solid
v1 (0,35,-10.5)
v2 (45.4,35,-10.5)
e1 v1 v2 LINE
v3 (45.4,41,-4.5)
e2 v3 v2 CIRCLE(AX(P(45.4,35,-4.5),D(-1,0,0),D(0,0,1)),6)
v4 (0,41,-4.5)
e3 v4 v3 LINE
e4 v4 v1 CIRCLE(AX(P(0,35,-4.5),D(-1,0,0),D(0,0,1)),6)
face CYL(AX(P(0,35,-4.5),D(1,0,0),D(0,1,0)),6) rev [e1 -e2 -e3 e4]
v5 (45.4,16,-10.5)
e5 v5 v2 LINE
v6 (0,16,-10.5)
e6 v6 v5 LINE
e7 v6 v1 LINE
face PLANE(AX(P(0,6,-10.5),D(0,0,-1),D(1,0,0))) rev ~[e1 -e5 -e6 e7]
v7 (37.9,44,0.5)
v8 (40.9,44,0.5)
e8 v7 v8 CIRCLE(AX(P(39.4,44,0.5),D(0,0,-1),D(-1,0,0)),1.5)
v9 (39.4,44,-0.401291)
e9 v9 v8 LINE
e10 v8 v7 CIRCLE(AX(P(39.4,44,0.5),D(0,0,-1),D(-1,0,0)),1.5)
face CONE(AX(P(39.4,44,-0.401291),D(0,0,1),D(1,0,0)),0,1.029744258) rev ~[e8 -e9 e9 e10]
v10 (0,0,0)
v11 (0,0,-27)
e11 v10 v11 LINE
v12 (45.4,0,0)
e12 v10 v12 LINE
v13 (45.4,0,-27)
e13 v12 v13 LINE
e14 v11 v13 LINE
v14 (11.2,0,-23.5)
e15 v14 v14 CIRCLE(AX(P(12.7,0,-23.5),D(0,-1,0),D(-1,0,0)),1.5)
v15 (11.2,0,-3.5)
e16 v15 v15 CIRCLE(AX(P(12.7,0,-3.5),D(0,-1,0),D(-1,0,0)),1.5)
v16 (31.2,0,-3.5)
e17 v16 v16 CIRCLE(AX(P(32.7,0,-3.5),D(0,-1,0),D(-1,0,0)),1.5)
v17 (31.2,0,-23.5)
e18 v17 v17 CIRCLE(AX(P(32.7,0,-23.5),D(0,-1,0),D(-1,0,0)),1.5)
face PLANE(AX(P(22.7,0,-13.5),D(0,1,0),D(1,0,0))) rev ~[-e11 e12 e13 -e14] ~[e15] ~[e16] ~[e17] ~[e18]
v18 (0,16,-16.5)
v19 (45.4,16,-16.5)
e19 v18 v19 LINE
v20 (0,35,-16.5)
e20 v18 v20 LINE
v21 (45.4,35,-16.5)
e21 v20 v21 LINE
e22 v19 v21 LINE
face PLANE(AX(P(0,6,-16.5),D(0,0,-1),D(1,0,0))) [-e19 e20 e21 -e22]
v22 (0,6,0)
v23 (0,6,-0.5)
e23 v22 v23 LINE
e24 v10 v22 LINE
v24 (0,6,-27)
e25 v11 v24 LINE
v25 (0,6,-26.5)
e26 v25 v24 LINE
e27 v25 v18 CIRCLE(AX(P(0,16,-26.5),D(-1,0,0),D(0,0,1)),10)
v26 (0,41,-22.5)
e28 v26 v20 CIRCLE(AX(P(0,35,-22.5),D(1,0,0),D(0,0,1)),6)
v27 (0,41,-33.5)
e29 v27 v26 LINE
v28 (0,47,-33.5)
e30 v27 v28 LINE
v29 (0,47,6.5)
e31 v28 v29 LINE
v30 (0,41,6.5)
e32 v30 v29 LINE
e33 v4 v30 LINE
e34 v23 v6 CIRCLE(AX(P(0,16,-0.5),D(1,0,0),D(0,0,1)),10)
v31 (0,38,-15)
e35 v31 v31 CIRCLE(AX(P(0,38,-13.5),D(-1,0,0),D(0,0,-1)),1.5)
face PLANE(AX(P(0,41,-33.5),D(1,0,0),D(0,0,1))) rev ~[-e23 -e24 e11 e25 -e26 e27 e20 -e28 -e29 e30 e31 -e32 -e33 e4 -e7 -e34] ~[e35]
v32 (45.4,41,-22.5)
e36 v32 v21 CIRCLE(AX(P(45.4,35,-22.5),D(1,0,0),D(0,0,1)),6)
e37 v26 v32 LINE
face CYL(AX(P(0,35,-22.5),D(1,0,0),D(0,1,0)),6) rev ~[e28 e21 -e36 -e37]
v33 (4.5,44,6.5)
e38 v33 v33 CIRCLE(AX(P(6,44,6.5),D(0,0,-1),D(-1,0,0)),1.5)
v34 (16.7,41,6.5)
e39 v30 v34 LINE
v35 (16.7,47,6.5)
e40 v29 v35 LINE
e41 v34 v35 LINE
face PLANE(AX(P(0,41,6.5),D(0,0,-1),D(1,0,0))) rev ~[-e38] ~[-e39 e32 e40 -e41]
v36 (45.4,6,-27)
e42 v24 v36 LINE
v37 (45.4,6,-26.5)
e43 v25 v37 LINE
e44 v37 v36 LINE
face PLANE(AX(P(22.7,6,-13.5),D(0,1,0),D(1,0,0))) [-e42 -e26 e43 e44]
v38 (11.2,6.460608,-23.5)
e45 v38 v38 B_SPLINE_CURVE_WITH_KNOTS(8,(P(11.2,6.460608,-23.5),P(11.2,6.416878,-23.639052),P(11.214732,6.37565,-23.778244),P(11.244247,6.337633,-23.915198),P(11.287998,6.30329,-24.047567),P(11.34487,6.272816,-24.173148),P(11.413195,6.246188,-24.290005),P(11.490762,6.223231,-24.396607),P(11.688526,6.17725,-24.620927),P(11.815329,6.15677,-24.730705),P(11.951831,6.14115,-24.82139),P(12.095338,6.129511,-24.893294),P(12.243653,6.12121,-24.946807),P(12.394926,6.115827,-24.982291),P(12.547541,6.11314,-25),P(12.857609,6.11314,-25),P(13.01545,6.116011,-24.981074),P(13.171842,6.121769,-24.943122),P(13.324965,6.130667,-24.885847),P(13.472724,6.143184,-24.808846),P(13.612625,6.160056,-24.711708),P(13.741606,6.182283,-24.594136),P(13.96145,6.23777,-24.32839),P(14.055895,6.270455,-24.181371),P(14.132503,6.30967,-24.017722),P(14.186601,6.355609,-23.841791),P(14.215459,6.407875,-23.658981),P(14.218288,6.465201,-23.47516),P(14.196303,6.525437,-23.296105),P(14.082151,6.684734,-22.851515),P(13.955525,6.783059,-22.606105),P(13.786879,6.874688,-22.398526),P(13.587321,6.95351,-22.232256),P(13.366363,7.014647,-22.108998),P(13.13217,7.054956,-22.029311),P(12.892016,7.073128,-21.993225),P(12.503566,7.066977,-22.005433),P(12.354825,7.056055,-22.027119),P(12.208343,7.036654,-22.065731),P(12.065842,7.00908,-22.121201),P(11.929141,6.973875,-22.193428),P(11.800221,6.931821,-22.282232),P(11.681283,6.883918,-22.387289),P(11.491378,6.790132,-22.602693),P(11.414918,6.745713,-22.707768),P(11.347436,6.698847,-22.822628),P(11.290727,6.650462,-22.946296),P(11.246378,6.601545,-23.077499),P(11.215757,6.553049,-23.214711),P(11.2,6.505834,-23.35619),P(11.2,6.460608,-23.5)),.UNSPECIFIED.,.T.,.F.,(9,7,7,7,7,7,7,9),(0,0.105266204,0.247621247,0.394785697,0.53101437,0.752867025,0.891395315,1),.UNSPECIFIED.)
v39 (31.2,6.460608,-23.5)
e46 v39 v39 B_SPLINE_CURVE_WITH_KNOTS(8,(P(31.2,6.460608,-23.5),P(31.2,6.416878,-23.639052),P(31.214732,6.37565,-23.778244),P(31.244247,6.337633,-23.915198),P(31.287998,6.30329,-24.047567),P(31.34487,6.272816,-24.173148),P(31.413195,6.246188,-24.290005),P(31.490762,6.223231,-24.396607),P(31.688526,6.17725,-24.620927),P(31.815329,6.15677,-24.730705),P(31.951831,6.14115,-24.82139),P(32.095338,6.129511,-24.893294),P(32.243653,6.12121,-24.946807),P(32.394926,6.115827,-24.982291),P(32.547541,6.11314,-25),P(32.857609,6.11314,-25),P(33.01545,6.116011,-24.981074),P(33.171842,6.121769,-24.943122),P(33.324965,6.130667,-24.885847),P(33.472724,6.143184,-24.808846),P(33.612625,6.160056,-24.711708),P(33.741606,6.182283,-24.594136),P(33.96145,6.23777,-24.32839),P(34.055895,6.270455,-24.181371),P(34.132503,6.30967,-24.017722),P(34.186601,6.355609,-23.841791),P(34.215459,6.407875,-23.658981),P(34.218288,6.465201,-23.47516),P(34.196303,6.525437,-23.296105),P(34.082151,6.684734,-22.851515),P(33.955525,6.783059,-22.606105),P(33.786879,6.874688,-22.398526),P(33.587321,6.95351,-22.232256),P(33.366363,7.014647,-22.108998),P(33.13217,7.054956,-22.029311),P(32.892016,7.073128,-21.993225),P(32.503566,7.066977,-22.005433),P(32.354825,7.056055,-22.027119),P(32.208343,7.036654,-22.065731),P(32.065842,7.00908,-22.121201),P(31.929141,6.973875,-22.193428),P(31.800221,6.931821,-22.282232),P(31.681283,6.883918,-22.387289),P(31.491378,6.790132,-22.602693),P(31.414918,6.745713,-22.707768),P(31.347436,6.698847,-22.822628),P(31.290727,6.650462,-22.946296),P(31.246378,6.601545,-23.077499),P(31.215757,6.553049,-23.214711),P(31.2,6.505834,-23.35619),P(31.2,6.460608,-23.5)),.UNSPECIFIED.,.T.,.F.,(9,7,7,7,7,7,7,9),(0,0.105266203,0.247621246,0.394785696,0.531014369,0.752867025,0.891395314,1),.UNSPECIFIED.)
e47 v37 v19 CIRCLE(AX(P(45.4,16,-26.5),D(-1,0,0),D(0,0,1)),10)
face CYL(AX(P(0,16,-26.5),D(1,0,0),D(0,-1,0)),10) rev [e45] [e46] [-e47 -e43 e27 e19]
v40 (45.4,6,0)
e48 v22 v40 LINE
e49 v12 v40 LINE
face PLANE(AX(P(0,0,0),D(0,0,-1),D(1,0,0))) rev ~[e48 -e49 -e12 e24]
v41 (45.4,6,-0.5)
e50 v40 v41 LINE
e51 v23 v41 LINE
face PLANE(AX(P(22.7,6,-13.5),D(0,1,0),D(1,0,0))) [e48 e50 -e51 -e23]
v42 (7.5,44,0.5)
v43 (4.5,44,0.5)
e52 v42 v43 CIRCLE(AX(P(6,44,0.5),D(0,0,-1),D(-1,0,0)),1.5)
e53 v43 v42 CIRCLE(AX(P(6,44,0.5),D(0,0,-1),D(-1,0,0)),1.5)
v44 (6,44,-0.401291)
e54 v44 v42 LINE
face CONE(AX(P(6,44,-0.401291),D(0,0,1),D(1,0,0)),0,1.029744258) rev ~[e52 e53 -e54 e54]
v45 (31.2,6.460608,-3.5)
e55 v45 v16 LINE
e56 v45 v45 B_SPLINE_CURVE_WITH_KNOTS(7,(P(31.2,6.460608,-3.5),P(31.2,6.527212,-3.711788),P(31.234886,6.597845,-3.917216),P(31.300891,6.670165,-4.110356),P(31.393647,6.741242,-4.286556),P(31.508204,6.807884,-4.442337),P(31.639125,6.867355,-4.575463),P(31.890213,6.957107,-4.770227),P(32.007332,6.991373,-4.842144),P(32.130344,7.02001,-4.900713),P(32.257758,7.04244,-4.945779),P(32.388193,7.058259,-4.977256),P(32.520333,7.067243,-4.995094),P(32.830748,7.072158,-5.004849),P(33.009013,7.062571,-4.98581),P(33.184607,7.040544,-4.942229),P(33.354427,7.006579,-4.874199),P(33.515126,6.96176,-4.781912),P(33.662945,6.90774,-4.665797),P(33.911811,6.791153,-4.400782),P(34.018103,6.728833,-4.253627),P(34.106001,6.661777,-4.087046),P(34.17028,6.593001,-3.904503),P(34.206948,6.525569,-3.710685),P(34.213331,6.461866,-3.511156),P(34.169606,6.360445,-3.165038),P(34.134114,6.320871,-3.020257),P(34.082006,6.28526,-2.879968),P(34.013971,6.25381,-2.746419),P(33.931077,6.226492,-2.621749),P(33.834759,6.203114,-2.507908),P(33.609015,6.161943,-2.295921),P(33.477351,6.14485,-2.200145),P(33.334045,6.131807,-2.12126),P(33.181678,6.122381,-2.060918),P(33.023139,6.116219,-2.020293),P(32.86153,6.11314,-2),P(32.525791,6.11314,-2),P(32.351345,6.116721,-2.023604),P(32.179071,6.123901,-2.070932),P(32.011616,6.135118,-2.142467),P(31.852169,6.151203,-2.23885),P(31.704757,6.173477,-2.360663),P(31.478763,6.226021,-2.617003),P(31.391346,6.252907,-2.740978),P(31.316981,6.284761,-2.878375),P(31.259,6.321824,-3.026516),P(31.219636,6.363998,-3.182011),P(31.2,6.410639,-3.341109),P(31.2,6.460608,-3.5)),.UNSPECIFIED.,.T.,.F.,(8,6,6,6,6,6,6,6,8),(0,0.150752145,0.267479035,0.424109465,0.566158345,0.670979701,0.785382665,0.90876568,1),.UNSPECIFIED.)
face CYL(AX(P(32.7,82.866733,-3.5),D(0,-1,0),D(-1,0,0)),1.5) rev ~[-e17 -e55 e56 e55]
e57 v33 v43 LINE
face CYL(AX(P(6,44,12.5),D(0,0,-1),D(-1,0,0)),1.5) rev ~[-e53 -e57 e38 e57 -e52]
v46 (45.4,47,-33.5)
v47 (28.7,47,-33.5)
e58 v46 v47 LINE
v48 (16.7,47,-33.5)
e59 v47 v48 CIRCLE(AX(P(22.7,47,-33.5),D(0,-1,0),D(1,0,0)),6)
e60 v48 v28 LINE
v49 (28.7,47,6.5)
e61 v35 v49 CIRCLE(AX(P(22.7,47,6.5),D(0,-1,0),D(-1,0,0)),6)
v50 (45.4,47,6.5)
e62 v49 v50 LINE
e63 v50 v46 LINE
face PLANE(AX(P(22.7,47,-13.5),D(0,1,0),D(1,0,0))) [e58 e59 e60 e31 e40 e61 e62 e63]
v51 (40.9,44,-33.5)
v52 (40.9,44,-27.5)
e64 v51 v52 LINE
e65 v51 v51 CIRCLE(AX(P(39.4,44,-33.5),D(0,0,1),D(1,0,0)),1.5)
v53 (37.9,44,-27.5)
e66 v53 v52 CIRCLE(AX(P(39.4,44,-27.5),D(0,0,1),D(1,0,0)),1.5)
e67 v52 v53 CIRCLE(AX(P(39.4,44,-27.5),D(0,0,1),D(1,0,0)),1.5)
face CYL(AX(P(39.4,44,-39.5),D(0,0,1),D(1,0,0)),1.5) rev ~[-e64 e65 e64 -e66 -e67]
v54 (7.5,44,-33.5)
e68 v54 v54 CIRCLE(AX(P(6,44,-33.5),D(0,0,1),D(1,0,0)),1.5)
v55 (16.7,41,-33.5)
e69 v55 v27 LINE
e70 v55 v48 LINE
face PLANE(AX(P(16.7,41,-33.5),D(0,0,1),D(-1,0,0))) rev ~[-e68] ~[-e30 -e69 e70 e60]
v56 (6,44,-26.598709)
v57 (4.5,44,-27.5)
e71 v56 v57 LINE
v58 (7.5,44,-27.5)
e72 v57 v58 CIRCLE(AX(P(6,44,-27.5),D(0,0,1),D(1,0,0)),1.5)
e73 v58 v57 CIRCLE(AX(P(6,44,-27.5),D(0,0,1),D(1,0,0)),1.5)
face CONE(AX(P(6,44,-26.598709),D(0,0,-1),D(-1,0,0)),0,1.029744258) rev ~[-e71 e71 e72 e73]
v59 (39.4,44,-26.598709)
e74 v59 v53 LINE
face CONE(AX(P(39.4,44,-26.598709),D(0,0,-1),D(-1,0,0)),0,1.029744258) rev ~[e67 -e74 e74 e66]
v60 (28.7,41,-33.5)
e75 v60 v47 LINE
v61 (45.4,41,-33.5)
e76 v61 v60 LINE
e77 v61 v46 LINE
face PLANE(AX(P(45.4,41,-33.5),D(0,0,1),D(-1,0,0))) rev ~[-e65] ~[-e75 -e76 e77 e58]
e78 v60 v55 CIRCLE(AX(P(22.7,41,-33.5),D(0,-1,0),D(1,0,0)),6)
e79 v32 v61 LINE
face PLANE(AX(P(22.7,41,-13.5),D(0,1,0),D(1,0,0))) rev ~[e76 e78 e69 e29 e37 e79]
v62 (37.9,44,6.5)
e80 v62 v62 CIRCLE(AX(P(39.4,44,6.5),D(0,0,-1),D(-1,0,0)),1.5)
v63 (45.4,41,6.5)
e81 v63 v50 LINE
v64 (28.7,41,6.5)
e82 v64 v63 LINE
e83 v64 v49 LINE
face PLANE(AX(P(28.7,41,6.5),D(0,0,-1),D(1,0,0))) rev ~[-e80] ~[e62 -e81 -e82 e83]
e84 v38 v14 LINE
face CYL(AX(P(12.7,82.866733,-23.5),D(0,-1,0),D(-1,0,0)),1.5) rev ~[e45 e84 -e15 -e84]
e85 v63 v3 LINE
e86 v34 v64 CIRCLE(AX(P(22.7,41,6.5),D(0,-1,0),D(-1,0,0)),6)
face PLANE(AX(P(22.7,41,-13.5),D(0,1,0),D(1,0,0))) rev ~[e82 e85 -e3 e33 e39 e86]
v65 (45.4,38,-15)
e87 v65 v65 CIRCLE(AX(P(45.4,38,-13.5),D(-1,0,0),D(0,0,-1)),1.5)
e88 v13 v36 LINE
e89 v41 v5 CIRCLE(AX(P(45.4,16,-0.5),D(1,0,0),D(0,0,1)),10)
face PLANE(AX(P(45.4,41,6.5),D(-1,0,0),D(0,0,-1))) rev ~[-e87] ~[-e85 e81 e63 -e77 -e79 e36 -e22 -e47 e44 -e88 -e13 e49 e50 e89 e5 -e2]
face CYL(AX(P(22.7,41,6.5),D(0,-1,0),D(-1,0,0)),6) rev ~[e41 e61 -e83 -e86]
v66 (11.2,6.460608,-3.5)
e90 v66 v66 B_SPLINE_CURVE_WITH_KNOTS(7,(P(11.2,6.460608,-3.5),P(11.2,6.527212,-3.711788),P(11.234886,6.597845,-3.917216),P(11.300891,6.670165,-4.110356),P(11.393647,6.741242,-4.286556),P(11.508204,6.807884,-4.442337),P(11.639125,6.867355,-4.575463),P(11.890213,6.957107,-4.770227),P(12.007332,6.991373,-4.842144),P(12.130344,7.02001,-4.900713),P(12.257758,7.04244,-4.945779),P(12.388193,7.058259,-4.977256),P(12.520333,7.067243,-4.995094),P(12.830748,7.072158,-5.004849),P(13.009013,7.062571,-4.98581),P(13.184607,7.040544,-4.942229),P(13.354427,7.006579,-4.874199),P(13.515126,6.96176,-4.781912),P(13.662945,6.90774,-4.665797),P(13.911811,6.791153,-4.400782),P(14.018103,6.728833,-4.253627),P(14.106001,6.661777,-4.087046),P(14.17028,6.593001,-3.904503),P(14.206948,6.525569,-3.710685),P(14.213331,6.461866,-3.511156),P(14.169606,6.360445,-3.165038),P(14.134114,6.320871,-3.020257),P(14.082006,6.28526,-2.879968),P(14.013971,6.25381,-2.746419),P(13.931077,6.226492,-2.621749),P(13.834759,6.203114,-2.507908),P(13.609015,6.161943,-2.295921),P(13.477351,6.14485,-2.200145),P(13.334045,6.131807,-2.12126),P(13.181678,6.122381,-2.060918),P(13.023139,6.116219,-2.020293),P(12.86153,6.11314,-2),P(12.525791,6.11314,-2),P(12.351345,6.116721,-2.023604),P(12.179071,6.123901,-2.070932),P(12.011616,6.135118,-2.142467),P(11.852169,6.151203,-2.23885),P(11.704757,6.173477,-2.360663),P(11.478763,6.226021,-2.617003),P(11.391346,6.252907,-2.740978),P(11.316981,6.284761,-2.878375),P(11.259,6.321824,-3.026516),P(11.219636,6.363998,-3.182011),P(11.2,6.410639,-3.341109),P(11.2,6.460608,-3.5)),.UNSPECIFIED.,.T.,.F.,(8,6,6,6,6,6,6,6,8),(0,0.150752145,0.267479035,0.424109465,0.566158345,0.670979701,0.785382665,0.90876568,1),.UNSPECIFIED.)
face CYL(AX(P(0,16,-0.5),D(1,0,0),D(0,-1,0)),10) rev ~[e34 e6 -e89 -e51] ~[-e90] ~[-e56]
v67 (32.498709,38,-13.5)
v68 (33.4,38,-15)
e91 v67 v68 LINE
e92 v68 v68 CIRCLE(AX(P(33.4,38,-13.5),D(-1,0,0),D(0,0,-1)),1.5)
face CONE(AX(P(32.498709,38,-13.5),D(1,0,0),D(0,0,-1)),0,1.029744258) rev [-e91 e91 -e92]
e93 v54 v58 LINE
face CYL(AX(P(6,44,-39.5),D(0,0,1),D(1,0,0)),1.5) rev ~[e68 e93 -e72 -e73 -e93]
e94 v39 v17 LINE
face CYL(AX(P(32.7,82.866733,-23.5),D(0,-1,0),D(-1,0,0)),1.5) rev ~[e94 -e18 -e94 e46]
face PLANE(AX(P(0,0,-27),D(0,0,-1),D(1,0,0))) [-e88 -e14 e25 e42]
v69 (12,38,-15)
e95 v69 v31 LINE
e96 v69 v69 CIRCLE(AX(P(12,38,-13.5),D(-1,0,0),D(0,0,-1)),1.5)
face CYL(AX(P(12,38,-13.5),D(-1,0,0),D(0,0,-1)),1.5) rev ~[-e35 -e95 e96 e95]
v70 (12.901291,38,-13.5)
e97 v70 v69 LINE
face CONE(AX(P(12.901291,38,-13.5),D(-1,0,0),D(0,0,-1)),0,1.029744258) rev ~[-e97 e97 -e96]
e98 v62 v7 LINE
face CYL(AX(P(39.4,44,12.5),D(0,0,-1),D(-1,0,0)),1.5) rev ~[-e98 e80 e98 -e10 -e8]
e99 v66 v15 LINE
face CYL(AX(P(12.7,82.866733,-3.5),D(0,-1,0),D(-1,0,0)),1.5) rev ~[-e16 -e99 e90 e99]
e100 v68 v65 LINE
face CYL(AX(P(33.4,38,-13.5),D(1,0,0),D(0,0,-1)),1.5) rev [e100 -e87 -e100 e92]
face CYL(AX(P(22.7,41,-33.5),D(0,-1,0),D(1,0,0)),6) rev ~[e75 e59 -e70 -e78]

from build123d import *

# Parameters (mm, degrees)
SKETCH1_W                    = 45.4
SKETCH1_H                    = 27
BOSS_EXTRUDE1_DEPTH          = 6
SKETCH4_W                    = 45.4
SKETCH4_H                    = 6
BOSS_EXTRUDE2_DEPTH          = 35
FILLET3_R                    = 10
F_3_0MM_DOWEL_HOLE1_D        = 3
BOSS_EXTRUDE3_DEPTH          = 6
FILLET4_R                    = 6
F_3_0_3_DIAMETER_HOLE1_D     = 3
F_3_0_3_DIAMETER_HOLE1_DEPTH = 6
F_3_0_3_DIAMETER_HOLE1_TIP   = 0.901290929
F_3_0_3_DIAMETER_HOLE2_D     = 3
F_3_0_3_DIAMETER_HOLE2_DEPTH = 6
F_3_0_3_DIAMETER_HOLE2_TIP   = 0.901290929


with BuildPart() as part:
    # Sketch1 → Boss-Extrude1 (new body)
    with BuildSketch(Plane(origin=(0, 0, 0), x_dir=(1, 0, 0), z_dir=(0, 1, 0))):
        with Locations((22.7, 13.5)):
            Rectangle(SKETCH1_W, SKETCH1_H)
    extrude(amount=BOSS_EXTRUDE1_DEPTH)

    # Sketch4 → Boss-Extrude2 (add)
    with BuildSketch(Plane(origin=(0, 6, 0), x_dir=(1, 0, 0), z_dir=(0, 1, 0))):
        with Locations((22.7, 13.5)):
            Rectangle(SKETCH4_W, SKETCH4_H)
    extrude(amount=BOSS_EXTRUDE2_DEPTH)

    # Fillet3
    fillet3_edges = [part.edges().sort_by_distance(p)[0] for p in [
        (22.7, 6, -10.5),
        (22.7, 6, -16.5),
    ]]
    fillet(fillet3_edges, radius=FILLET3_R)

    # Ø3.0mm Dowel Hole1 (through all)
    with Locations(Plane(origin=(0, 16, 0), x_dir=(1, 0, 0), z_dir=(0, 1, 0))):
        with Locations((12.7, 23.5), (32.7, 23.5), (32.7, 3.5), (12.7, 3.5)):
            Hole(F_3_0MM_DOWEL_HOLE1_D / 2)

    # Sketch5 → Boss-Extrude3 (add)
    with BuildSketch(Plane(origin=(0, 41, 0), x_dir=(1, 0, 0), z_dir=(0, 1, 0))):
        with BuildLine():
            Line((45.4, 33.5), (28.7, 33.5))
            ThreePointArc((28.7, 33.5), (22.7, 27.5), (16.7, 33.5))
            Line((16.7, 33.5), (0, 33.5))
            Line((0, 33.5), (0, -6.5))
            Line((0, -6.5), (16.7, -6.5))
            ThreePointArc((16.7, -6.5), (22.7, -0.5), (28.7, -6.5))
            Line((28.7, -6.5), (45.4, -6.5))
            Line((45.4, -6.5), (45.4, 33.5))
        make_face()
    extrude(amount=BOSS_EXTRUDE3_DEPTH)

    # Fillet4
    fillet4_edges = [part.edges().sort_by_distance(p)[0] for p in [
        (22.7, 41, -10.5),
        (22.7, 41, -16.5),
    ]]
    fillet(fillet4_edges, radius=FILLET4_R)

    # Ø3.0 (3) Diameter Hole1
    with Locations(Plane.XY.offset(6.5)):
        with Locations((6, 44), (39.4, 44)):
            Hole(F_3_0_3_DIAMETER_HOLE1_D / 2, depth=F_3_0_3_DIAMETER_HOLE1_DEPTH)
            with Locations((0, 0, -(F_3_0_3_DIAMETER_HOLE1_DEPTH + F_3_0_3_DIAMETER_HOLE1_TIP / 2))):  # 118° drill point
                Cone(0, F_3_0_3_DIAMETER_HOLE1_D / 2, F_3_0_3_DIAMETER_HOLE1_TIP, mode=Mode.SUBTRACT)

    # Ø3.0 (3) Diameter Hole2
    with Locations(Plane(origin=(0, 0, -33.5), x_dir=(-1, 0, 0), z_dir=(0, 0, -1))):
        with Locations((-39.4, 44), (-6, 44)):
            Hole(F_3_0_3_DIAMETER_HOLE2_D / 2, depth=F_3_0_3_DIAMETER_HOLE2_DEPTH)
            with Locations((0, 0, -(F_3_0_3_DIAMETER_HOLE2_DEPTH + F_3_0_3_DIAMETER_HOLE2_TIP / 2))):  # 118° drill point
                Cone(0, F_3_0_3_DIAMETER_HOLE2_D / 2, F_3_0_3_DIAMETER_HOLE2_TIP, mode=Mode.SUBTRACT)

    # Sketch12 → Ø3.0 (3) Diameter Hole3 (revolve, cut)
    with BuildSketch(Plane(origin=(45.4, 38, -13.5), x_dir=(0, 0, -1), z_dir=(0, 1, 0))):
        Polygon((0, 0), (0, 12.901290929), (1.5, 12), (1.5, 0), align=None)
    f_3_0_3_diameter_hole3 = revolve(axis=Axis((51.75, 38, -13.5), (-1, 0, 0)), mode=Mode.SUBTRACT)

    # Mirror1: Ø3.0 (3) Diameter Hole3 across plane
    add(f_3_0_3_diameter_hole3.mirror(Plane.ZY.offset(-22.7)), mode=Mode.SUBTRACT)


solid = part.part
